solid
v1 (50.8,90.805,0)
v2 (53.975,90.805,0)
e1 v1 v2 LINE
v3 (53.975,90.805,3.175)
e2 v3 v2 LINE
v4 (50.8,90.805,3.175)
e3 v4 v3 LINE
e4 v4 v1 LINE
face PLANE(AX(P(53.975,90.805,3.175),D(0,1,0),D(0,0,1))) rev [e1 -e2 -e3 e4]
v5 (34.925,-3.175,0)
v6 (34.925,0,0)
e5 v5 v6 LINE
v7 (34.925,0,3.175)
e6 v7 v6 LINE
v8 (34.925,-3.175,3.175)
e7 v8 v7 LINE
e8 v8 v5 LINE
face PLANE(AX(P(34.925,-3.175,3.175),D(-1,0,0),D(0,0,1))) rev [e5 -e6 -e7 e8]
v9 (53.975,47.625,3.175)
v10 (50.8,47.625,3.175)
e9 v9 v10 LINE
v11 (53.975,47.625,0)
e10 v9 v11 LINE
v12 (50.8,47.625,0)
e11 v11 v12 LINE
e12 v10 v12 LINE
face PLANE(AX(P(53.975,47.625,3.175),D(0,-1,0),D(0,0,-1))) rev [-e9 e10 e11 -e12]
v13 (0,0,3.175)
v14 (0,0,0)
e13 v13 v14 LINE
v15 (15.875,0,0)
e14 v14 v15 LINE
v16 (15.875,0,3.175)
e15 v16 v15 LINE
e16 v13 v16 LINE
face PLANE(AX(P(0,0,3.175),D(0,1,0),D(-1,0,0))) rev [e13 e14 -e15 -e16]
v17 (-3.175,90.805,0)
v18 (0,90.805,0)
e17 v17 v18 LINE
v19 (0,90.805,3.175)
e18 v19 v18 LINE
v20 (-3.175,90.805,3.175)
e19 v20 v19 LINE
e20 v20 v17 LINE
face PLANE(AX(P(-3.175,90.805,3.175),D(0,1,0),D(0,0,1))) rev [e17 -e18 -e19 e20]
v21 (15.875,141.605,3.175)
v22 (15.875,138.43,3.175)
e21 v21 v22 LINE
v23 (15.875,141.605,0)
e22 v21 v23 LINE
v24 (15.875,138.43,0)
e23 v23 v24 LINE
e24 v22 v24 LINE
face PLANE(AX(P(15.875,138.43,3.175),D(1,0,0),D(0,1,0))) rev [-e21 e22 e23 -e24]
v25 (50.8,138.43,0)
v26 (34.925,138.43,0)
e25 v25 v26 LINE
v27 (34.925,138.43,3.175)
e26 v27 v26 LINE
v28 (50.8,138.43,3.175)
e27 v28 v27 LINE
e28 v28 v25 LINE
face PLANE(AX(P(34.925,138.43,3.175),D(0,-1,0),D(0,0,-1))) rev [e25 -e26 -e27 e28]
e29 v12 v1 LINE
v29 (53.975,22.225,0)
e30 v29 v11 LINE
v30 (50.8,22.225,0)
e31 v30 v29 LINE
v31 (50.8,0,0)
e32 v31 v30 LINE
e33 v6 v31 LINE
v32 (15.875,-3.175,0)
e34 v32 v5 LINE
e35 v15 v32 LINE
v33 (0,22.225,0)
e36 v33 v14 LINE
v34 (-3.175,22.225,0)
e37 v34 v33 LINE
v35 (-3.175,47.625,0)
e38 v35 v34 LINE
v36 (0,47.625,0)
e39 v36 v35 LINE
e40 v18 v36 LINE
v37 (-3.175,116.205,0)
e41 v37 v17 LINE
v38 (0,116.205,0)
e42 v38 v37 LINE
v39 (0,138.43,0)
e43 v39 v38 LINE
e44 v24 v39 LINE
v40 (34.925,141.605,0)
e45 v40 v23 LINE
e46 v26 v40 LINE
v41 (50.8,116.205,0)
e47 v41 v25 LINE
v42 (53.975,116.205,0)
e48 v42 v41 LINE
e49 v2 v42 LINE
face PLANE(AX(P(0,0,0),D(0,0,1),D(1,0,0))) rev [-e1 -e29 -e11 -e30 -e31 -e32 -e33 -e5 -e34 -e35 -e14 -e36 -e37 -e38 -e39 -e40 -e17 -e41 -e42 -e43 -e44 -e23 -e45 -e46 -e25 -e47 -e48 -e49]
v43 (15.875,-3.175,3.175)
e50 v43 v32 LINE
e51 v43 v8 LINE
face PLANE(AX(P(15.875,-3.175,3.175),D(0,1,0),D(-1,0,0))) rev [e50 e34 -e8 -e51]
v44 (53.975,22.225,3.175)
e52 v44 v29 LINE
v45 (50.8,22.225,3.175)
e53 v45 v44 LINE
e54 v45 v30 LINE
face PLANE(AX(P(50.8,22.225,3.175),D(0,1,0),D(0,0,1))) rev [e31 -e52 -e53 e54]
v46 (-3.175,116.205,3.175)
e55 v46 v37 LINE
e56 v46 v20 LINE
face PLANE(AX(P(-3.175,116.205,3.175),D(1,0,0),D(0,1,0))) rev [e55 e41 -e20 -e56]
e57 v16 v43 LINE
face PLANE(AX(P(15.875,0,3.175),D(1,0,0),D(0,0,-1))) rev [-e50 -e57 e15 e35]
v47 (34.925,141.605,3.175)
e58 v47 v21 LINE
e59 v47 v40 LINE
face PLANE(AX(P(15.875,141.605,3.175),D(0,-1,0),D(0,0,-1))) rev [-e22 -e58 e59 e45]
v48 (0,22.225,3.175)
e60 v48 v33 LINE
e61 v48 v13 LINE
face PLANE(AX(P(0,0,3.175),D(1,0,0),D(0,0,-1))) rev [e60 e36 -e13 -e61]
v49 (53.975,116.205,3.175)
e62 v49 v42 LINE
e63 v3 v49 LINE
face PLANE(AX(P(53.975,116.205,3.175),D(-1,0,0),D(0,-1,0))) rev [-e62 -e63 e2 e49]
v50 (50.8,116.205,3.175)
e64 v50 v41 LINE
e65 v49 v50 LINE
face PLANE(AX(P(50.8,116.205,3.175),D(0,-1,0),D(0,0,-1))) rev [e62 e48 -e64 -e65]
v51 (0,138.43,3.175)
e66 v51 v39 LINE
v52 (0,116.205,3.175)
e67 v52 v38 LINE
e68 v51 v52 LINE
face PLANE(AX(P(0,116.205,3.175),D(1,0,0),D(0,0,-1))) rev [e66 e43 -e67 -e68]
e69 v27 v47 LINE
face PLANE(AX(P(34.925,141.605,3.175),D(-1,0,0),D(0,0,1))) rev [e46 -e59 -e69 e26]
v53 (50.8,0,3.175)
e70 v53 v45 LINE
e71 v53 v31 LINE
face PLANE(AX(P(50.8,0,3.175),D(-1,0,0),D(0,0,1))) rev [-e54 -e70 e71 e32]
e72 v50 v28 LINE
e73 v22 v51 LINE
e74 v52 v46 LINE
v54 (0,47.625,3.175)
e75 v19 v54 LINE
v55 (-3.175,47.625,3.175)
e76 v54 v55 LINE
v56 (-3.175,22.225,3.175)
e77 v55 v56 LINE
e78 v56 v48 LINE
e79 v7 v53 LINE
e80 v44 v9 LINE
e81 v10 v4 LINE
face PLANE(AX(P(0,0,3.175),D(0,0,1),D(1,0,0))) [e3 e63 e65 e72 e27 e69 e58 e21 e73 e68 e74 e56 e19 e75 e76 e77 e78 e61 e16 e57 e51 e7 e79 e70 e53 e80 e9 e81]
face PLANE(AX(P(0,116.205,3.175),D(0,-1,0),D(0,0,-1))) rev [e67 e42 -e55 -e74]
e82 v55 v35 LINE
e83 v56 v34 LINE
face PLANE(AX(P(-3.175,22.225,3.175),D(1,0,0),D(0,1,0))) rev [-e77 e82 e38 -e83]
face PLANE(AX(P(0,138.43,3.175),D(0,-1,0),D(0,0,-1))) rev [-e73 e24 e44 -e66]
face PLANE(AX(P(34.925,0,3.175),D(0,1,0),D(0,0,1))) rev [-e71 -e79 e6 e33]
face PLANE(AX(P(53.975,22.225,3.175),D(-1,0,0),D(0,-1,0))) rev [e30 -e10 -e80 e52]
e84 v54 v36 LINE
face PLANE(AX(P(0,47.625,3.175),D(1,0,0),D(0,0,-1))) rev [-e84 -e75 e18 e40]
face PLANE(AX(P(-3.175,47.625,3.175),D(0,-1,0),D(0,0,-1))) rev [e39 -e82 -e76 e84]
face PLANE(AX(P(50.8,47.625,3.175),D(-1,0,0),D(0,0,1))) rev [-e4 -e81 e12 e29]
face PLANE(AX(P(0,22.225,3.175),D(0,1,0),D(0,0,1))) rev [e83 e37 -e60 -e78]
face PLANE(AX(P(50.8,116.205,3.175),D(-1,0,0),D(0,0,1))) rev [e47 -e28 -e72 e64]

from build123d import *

# Parameters (mm, degrees)
BOSS_EXTRUDE1_DEPTH = 3.175


with BuildPart() as part:
    # Sketch1 → Boss-Extrude1 (new body)
    with BuildSketch(Plane.XY):
        Polygon((15.875, 138.43), (15.875, 141.605), (34.925, 141.605), (34.925, 138.43), (50.8, 138.43), (50.8, 116.205), (53.975, 116.205), (53.975, 90.805), (50.8, 90.805), (50.8, 47.625), (53.975, 47.625), (53.975, 22.225), (50.8, 22.225), (50.8, 0), (34.925, 0), (34.925, -3.175), (15.875, -3.175), (15.875, 0), (0, 0), (0, 22.225), (-3.175, 22.225), (-3.175, 47.625), (0, 47.625), (0, 90.805), (-3.175, 90.805), (-3.175, 116.205), (0, 116.205), (0, 138.43), align=None)
    extrude(amount=BOSS_EXTRUDE1_DEPTH)


solid = part.part
